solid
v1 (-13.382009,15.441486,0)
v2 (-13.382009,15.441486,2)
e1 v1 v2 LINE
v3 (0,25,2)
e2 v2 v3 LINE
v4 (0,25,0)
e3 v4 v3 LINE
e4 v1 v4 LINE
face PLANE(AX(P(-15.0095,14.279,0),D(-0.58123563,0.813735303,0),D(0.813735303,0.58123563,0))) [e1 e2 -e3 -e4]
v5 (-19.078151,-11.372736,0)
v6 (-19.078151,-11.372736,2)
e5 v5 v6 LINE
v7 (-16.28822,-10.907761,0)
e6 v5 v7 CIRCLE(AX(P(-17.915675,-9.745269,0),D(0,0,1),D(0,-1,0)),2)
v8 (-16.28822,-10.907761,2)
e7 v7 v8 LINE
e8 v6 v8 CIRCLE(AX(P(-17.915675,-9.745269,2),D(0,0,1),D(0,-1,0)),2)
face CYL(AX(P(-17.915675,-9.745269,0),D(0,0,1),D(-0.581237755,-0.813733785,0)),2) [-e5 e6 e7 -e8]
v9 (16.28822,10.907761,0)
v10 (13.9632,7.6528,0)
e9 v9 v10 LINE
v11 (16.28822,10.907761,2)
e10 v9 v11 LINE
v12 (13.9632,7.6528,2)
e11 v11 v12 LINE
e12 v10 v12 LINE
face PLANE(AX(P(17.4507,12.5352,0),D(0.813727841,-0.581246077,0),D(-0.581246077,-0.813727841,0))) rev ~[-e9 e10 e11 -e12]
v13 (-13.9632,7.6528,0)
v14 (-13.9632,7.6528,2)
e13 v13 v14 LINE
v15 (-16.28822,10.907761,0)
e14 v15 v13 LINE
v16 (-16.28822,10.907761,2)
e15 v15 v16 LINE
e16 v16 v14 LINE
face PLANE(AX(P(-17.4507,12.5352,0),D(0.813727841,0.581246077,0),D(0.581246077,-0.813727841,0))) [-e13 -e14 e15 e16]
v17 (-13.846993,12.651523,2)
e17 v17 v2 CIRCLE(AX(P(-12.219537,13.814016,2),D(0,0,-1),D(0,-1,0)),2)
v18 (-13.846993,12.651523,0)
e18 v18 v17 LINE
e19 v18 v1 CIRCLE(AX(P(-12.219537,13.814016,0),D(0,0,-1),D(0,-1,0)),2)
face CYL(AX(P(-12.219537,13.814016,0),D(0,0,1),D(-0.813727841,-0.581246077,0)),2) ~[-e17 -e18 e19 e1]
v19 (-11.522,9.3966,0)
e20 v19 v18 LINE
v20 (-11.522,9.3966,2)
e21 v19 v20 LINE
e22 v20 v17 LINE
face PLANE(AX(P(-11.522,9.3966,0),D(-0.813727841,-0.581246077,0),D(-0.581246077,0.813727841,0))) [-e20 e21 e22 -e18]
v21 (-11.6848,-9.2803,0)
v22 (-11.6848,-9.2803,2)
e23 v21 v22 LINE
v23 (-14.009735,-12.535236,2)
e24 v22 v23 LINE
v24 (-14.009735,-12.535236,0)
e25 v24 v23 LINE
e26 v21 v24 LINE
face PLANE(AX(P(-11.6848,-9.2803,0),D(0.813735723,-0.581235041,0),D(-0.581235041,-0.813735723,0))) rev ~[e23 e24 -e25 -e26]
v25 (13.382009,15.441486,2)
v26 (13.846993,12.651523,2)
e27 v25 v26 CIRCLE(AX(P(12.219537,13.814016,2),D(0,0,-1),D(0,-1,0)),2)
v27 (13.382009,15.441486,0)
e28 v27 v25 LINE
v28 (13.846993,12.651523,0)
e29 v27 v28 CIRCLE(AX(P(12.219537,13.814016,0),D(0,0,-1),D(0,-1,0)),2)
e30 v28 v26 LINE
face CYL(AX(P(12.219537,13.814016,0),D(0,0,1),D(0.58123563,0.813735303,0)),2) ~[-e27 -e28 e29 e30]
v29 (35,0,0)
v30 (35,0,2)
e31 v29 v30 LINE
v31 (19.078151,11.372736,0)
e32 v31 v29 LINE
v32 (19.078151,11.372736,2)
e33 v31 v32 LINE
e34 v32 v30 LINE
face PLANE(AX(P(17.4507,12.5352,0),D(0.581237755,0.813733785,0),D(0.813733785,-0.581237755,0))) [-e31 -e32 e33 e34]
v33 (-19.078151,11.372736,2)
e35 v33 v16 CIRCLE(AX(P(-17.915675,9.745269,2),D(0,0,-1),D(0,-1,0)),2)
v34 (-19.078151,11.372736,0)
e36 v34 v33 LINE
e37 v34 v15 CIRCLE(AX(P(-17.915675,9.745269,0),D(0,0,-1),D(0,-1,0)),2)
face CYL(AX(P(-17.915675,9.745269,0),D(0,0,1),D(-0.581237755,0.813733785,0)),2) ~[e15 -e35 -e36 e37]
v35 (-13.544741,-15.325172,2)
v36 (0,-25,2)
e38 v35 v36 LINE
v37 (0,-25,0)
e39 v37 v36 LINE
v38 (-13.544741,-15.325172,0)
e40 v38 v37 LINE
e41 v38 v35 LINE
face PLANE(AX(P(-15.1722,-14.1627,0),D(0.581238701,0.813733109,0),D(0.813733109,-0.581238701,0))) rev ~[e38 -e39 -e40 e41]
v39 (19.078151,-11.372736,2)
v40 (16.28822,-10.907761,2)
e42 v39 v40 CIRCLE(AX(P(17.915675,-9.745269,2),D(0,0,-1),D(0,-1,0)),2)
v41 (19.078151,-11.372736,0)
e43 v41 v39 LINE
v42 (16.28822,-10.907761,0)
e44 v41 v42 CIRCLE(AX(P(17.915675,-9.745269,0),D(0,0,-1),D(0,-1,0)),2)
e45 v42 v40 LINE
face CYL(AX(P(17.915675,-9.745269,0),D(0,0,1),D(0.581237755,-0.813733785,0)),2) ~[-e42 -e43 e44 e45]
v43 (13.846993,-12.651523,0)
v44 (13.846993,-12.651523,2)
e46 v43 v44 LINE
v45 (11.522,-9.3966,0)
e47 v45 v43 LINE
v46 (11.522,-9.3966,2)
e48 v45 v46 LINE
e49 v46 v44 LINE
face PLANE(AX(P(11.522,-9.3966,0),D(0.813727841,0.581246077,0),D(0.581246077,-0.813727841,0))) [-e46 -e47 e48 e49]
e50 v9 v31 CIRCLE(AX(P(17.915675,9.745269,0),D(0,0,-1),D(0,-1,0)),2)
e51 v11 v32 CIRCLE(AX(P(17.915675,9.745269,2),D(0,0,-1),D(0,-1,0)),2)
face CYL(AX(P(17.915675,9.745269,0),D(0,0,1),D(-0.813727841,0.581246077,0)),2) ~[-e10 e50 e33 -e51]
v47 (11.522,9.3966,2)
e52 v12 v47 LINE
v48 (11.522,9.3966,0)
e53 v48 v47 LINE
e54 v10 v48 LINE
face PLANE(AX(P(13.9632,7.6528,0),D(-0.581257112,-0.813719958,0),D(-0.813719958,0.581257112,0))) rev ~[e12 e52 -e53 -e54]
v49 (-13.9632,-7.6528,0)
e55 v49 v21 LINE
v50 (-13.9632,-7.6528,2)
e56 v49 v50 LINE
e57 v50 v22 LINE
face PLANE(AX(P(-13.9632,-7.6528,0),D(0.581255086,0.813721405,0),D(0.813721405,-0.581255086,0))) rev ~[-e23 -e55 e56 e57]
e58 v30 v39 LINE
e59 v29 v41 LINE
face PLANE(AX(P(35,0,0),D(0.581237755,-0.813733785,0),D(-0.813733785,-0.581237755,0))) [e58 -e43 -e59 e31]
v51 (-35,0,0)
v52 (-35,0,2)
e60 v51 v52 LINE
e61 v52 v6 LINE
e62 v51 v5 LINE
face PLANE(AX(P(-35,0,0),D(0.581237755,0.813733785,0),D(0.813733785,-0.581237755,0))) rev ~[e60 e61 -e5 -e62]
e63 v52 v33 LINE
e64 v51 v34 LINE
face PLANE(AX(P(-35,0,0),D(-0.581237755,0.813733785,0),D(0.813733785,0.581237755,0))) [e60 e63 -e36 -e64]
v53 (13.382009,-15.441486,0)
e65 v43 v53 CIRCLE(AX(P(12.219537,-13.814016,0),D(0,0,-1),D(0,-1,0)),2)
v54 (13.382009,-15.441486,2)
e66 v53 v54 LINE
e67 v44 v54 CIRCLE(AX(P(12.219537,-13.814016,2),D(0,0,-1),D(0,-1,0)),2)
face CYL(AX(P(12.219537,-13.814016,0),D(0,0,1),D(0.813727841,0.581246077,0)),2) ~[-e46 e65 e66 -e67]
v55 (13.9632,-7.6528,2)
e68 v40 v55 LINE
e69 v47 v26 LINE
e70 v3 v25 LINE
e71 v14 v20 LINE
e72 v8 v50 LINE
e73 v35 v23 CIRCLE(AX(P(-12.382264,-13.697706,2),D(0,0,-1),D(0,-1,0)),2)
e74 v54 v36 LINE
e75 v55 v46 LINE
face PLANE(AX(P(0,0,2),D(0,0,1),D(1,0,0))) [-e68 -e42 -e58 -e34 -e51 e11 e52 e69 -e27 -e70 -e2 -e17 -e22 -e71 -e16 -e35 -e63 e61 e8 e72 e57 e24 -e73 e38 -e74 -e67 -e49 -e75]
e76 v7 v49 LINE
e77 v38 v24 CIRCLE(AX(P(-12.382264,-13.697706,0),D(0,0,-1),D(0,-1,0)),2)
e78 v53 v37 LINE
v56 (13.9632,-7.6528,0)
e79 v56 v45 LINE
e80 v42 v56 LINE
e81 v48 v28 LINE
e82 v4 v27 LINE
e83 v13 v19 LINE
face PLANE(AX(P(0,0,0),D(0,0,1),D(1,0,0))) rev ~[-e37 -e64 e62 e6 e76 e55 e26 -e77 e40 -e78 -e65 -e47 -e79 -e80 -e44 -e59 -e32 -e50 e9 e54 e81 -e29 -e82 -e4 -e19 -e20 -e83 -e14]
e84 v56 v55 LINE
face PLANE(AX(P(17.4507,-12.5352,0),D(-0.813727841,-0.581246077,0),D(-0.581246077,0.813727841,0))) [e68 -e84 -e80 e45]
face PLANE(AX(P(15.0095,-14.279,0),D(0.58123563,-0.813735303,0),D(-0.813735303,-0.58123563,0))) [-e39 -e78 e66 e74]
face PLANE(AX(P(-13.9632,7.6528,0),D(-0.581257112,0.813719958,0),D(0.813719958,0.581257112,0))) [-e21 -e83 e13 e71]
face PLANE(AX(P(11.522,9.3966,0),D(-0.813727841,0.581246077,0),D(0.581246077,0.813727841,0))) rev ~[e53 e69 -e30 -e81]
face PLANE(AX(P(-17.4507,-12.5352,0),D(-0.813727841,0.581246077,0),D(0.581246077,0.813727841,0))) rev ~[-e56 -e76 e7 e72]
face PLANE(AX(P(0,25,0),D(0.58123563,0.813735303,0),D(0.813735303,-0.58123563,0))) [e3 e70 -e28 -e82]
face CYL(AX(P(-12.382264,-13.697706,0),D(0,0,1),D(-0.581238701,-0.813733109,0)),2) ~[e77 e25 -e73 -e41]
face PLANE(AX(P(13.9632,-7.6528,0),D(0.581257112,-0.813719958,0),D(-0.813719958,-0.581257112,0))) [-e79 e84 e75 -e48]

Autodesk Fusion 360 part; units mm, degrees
sketch "Sketch1" plane through (0, 0, 0) normal (0, 0, 1) x (1, 0, 0)
  line L0 (-17.4507, -12.5352) -> (-13.9632, -7.6528)
  line L1 (-13.9632, -7.6528) -> (-11.6848, -9.2803)
  line L2 (-11.6848, -9.2803) -> (-15.1722, -14.1627)
  line L3 (17.4507, -12.5352) -> (13.9632, -7.6528)
  line L4 (13.9632, -7.6528) -> (11.522, -9.3966)
  line L5 (11.522, -9.3966) -> (15.0095, -14.279)
  line L6 (11.522, 9.3966) -> (15.0095, 14.279)
  line L7 (13.9632, 7.6528) -> (11.522, 9.3966)
  line L8 (17.4507, 12.5352) -> (13.9632, 7.6528)
  line L9 (-11.522, 9.3966) -> (-15.0095, 14.279)
  line L10 (-13.9632, 7.6528) -> (-11.522, 9.3966)
  line L11 (-17.4507, 12.5352) -> (-13.9632, 7.6528)
  line L12 (-35, 0) -> (-17.4507, 12.5352)
  line L13 (-15.0095, 14.279) -> (0, 25)
  line L14 (0, 25) -> (15.0095, 14.279)
  line L15 (17.4507, 12.5352) -> (35, 0)
  line L16 (35, 0) -> (17.4507, -12.5352)
  line L17 (15.0095, -14.279) -> (0, -25)
  line L18 (-35, 0) -> (-17.4507, -12.5352)
  line L19 (-15.1722, -14.1627) -> (0, -25)
  dimension "d26" = 50
extrude "Extrude1" add sketch "Sketch1" along normal blind 2
fillet "Fillet1" radius 2 8 edges at (-15.0095, 14.279, 1) (-17.4507, 12.5352, 1) (-15.1722, -14.1627, 1) (-17.4507, -12.5352, 1) (15.0095, 14.279, 1) (17.4507, 12.5352, 1) (15.0095, -14.279, 1) (17.4507, -12.5352, 1)
sketch "Sketch2" plane through (0, 0, 2) normal (0, 0, 1) x (-1, 0, 0)
  arc A0 (-16.2882, 10.9078) -> (-19.0781, 11.3728) centre (-17.9157, 9.7453) ccw
  line L0 (-19.0781, 11.3728) -> (-35, 0)
  line L1 (-35, 0) -> (-19.0781, -11.3728)
  arc A1 (-19.0781, -11.3728) -> (-16.2882, -10.9078) centre (-17.9157, -9.7453) ccw
  line L2 (-16.2882, -10.9078) -> (-13.9632, -7.6528)
  line L3 (-13.9632, -7.6528) -> (-11.522, -9.3966)
  line L4 (-11.522, -9.3966) -> (-13.847, -12.6515)
  arc A2 (-13.847, -12.6515) -> (-13.382, -15.4414) centre (-12.2195, -13.814) ccw
  line L5 (-13.382, -15.4414) -> (0, -25)
  line L6 (0, -25) -> (13.382, -15.4414)
  arc A3 (13.382, -15.4414) -> (13.847, -12.6515) centre (12.2195, -13.814) ccw
  line L7 (13.847, -12.6515) -> (11.522, -9.3966)
  line L8 (11.522, -9.3966) -> (13.9632, -7.6528)
  line L9 (13.9632, -7.6528) -> (16.2882, -10.9078)
  arc A4 (16.2882, -10.9078) -> (19.0781, -11.3728) centre (17.9157, -9.7453) ccw
  line L10 (19.0781, -11.3728) -> (35, 0)
  line L11 (35, 0) -> (19.0781, 11.3728)
  arc A5 (19.0781, 11.3728) -> (16.2882, 10.9078) centre (17.9157, 9.7453) ccw
  line L12 (16.2882, 10.9078) -> (13.9632, 7.6528)
  line L13 (13.9632, 7.6528) -> (11.6848, 9.2803)
  line L14 (11.6848, 9.2803) -> (14.0097, 12.5352)
  arc A6 (14.0097, 12.5352) -> (13.5447, 15.3252) centre (12.3823, 13.6977) ccw
  line L15 (13.5447, 15.3252) -> (0, 25)
  line L16 (0, 25) -> (-13.382, 15.4414)
  arc A7 (-13.382, 15.4414) -> (-13.847, 12.6515) centre (-12.2195, 13.814) ccw
  line L17 (-13.847, 12.6515) -> (-11.522, 9.3966)
  line L18 (-11.522, 9.3966) -> (-13.9632, 7.6528)
  line L19 (-13.9632, 7.6528) -> (-16.2882, 10.9078)
equation "Kerf = 1 mm"
equation "thickness = 3.8 mm"
equation "long = 6.00 mm"
equation "d31 = ( thickness - Kerf )"
